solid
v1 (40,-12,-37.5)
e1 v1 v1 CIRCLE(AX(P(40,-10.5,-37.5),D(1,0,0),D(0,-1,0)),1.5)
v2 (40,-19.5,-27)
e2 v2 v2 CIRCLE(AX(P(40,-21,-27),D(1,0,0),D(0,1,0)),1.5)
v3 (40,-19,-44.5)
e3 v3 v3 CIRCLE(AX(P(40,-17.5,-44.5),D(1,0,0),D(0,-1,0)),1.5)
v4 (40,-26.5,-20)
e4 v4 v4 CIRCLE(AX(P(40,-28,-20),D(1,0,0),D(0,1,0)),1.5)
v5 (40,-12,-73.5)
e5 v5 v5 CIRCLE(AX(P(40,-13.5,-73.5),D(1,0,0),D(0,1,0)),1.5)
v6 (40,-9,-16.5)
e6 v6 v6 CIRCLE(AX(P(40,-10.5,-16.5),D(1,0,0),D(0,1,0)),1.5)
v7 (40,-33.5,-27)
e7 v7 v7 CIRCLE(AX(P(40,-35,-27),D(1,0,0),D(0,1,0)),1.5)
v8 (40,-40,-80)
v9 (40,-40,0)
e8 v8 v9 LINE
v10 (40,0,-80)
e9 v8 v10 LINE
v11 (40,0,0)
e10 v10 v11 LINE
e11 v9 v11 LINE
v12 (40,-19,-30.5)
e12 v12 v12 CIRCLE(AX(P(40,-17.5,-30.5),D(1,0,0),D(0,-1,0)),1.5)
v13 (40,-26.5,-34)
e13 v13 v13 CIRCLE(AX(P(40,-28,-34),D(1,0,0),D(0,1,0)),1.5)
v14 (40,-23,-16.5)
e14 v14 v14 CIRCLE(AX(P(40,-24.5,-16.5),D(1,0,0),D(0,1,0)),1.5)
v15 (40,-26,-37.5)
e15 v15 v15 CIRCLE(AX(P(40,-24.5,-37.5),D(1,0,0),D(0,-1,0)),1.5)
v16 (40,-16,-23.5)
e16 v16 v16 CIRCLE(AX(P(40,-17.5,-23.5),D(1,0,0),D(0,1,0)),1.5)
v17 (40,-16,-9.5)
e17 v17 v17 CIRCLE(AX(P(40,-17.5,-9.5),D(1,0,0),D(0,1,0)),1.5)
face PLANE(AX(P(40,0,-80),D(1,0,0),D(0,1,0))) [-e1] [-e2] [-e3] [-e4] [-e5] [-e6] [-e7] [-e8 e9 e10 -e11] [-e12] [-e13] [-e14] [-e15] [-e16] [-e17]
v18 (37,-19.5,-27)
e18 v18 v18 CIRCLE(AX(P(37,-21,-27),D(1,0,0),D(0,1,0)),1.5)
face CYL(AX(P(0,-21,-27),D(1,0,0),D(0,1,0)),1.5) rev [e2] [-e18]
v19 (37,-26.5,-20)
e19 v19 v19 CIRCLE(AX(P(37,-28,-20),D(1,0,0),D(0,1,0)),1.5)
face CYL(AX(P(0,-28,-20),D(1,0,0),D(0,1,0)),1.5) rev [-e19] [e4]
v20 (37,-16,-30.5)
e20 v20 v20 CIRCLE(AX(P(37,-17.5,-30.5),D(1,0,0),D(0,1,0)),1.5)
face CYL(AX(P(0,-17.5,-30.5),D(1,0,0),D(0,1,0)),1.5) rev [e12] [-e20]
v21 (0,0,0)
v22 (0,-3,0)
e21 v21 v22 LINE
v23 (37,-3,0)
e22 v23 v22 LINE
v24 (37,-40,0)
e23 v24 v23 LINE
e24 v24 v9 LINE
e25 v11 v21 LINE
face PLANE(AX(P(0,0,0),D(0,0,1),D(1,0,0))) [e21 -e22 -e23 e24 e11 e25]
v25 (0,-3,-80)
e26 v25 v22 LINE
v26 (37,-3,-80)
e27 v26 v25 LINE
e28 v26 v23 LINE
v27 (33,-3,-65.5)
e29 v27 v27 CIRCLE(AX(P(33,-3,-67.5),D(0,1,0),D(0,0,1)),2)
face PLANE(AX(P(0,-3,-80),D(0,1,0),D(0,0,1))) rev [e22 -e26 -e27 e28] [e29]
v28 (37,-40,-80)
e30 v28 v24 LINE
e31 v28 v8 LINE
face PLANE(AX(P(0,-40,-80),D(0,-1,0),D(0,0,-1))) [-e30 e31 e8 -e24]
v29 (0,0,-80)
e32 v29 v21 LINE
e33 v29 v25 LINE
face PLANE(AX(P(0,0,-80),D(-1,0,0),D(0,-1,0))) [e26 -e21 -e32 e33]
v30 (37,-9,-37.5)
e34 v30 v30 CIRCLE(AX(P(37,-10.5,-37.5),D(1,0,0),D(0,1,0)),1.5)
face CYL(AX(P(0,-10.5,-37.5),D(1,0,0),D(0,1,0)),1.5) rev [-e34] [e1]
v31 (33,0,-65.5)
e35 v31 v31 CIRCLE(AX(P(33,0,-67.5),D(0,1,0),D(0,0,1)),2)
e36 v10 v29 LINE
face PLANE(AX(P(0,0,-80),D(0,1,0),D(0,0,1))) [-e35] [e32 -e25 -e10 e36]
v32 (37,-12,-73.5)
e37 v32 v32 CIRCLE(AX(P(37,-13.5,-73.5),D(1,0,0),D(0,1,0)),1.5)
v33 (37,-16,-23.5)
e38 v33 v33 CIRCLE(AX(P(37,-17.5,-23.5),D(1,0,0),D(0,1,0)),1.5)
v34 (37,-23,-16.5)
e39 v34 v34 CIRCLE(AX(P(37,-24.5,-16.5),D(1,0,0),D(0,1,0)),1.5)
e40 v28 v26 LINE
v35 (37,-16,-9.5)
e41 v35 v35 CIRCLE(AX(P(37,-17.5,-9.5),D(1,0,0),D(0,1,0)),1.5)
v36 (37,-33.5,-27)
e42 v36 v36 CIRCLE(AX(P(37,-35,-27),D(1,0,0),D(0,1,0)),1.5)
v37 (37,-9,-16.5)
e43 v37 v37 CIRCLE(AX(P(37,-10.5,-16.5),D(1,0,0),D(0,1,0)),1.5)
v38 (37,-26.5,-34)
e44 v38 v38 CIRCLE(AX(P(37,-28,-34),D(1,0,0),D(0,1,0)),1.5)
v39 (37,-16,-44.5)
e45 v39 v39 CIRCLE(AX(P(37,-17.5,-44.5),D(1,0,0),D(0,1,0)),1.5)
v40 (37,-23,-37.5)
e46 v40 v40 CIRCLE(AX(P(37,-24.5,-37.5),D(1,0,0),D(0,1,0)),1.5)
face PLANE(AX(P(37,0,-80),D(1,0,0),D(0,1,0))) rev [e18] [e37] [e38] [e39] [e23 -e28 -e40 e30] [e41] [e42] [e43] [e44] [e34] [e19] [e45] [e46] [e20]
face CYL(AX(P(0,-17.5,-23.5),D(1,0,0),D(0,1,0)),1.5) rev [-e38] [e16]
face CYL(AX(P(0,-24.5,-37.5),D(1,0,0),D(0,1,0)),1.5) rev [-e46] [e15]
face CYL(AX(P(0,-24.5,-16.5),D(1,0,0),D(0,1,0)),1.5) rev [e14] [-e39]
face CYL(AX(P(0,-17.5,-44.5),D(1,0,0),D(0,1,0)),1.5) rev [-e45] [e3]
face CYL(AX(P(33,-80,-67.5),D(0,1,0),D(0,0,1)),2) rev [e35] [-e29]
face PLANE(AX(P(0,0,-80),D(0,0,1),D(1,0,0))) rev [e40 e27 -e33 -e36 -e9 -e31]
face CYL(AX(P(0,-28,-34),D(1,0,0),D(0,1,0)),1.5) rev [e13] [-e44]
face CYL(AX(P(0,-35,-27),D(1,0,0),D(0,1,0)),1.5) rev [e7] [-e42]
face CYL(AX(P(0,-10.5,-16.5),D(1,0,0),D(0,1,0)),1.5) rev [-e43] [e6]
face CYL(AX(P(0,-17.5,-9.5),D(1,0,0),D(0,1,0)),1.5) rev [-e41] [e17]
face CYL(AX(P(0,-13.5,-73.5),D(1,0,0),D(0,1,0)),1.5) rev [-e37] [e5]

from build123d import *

# Parameters (mm, degrees)
SKETCH_1_W          = 40
SKETCH_1_H          = 40
EXTRUDE_1_DEPTH     = 80
SHELL_1_T           = -3
SKETCH_2_R          = 1.5
CUT_EXTRUDE_1_DEPTH = 98.979589711
SKETCH_3_R          = 2
CUT_EXTRUDE_2_DEPTH = 80


with BuildPart() as part:
    # 草图1 → 凸台-拉伸1 (new body)
    with BuildSketch(Plane.XY):
        with Locations((20, -20)):
            Rectangle(SKETCH_1_W, SKETCH_1_H)
    extrude(amount=-EXTRUDE_1_DEPTH)

    # 抽壳1
    shell_1_openings = [part.faces().sort_by_distance(p)[0] for p in [
        (20, -20, -80),
        (20, -20, 0),
        (20, -40, -40),
        (0, -20, -40),
    ]]
    offset(amount=SHELL_1_T, openings=shell_1_openings, kind=Kind.INTERSECTION)

    # 草图2 → 切除-拉伸1 (cut, through all)
    with BuildSketch(Plane(origin=(40, 0, 0), x_dir=(0, 0, -1), z_dir=(1, 0, 0))):
        with Locations(Location((44.5, -17.5, 0), (0, 0, 90))):
            Circle(SKETCH_2_R)
        with Locations(Location((27, -21, 0), (0, 0, 90))):
            Circle(SKETCH_2_R)
        with Locations(Location((34, -28, 0), (0, 0, 90))):
            Circle(SKETCH_2_R)
        with Locations(Location((27, -35, 0), (0, 0, 90))):
            Circle(SKETCH_2_R)
        with Locations(Location((20, -28, 0), (0, 0, 90))):
            Circle(SKETCH_2_R)
        with Locations(Location((73.5, -13.5, 0), (0, 0, 90))):
            Circle(SKETCH_2_R)
        with Locations(Location((16.5, -10.5, 0), (0, 0, 90))):
            Circle(SKETCH_2_R)
        with Locations(Location((23.5, -17.5, 0), (0, 0, 90))):
            Circle(SKETCH_2_R)
        with Locations(Location((9.5, -17.5, 0), (0, 0, 90))):
            Circle(SKETCH_2_R)
        with Locations(Location((16.5, -24.5, 0), (0, 0, 90))):
            Circle(SKETCH_2_R)
        with Locations(Location((37.5, -24.5, 0), (0, 0, 90))):
            Circle(SKETCH_2_R)
        with Locations(Location((30.5, -17.5, 0), (0, 0, 90))):
            Circle(SKETCH_2_R)
        with Locations(Location((37.5, -10.5, 0), (0, 0, 90))):
            Circle(SKETCH_2_R)
    extrude(amount=-CUT_EXTRUDE_1_DEPTH, mode=Mode.SUBTRACT)

    # 草图3 → 切除-拉伸2 (cut)
    with BuildSketch(Plane(origin=(0, 0, 0), x_dir=(1, 0, 0), z_dir=(0, 1, 0))):
        with Locations(Location((33, 67.5, 0), (0, 0, 270))):
            Circle(SKETCH_3_R)
    extrude(amount=-CUT_EXTRUDE_2_DEPTH, mode=Mode.SUBTRACT)


solid = part.part
